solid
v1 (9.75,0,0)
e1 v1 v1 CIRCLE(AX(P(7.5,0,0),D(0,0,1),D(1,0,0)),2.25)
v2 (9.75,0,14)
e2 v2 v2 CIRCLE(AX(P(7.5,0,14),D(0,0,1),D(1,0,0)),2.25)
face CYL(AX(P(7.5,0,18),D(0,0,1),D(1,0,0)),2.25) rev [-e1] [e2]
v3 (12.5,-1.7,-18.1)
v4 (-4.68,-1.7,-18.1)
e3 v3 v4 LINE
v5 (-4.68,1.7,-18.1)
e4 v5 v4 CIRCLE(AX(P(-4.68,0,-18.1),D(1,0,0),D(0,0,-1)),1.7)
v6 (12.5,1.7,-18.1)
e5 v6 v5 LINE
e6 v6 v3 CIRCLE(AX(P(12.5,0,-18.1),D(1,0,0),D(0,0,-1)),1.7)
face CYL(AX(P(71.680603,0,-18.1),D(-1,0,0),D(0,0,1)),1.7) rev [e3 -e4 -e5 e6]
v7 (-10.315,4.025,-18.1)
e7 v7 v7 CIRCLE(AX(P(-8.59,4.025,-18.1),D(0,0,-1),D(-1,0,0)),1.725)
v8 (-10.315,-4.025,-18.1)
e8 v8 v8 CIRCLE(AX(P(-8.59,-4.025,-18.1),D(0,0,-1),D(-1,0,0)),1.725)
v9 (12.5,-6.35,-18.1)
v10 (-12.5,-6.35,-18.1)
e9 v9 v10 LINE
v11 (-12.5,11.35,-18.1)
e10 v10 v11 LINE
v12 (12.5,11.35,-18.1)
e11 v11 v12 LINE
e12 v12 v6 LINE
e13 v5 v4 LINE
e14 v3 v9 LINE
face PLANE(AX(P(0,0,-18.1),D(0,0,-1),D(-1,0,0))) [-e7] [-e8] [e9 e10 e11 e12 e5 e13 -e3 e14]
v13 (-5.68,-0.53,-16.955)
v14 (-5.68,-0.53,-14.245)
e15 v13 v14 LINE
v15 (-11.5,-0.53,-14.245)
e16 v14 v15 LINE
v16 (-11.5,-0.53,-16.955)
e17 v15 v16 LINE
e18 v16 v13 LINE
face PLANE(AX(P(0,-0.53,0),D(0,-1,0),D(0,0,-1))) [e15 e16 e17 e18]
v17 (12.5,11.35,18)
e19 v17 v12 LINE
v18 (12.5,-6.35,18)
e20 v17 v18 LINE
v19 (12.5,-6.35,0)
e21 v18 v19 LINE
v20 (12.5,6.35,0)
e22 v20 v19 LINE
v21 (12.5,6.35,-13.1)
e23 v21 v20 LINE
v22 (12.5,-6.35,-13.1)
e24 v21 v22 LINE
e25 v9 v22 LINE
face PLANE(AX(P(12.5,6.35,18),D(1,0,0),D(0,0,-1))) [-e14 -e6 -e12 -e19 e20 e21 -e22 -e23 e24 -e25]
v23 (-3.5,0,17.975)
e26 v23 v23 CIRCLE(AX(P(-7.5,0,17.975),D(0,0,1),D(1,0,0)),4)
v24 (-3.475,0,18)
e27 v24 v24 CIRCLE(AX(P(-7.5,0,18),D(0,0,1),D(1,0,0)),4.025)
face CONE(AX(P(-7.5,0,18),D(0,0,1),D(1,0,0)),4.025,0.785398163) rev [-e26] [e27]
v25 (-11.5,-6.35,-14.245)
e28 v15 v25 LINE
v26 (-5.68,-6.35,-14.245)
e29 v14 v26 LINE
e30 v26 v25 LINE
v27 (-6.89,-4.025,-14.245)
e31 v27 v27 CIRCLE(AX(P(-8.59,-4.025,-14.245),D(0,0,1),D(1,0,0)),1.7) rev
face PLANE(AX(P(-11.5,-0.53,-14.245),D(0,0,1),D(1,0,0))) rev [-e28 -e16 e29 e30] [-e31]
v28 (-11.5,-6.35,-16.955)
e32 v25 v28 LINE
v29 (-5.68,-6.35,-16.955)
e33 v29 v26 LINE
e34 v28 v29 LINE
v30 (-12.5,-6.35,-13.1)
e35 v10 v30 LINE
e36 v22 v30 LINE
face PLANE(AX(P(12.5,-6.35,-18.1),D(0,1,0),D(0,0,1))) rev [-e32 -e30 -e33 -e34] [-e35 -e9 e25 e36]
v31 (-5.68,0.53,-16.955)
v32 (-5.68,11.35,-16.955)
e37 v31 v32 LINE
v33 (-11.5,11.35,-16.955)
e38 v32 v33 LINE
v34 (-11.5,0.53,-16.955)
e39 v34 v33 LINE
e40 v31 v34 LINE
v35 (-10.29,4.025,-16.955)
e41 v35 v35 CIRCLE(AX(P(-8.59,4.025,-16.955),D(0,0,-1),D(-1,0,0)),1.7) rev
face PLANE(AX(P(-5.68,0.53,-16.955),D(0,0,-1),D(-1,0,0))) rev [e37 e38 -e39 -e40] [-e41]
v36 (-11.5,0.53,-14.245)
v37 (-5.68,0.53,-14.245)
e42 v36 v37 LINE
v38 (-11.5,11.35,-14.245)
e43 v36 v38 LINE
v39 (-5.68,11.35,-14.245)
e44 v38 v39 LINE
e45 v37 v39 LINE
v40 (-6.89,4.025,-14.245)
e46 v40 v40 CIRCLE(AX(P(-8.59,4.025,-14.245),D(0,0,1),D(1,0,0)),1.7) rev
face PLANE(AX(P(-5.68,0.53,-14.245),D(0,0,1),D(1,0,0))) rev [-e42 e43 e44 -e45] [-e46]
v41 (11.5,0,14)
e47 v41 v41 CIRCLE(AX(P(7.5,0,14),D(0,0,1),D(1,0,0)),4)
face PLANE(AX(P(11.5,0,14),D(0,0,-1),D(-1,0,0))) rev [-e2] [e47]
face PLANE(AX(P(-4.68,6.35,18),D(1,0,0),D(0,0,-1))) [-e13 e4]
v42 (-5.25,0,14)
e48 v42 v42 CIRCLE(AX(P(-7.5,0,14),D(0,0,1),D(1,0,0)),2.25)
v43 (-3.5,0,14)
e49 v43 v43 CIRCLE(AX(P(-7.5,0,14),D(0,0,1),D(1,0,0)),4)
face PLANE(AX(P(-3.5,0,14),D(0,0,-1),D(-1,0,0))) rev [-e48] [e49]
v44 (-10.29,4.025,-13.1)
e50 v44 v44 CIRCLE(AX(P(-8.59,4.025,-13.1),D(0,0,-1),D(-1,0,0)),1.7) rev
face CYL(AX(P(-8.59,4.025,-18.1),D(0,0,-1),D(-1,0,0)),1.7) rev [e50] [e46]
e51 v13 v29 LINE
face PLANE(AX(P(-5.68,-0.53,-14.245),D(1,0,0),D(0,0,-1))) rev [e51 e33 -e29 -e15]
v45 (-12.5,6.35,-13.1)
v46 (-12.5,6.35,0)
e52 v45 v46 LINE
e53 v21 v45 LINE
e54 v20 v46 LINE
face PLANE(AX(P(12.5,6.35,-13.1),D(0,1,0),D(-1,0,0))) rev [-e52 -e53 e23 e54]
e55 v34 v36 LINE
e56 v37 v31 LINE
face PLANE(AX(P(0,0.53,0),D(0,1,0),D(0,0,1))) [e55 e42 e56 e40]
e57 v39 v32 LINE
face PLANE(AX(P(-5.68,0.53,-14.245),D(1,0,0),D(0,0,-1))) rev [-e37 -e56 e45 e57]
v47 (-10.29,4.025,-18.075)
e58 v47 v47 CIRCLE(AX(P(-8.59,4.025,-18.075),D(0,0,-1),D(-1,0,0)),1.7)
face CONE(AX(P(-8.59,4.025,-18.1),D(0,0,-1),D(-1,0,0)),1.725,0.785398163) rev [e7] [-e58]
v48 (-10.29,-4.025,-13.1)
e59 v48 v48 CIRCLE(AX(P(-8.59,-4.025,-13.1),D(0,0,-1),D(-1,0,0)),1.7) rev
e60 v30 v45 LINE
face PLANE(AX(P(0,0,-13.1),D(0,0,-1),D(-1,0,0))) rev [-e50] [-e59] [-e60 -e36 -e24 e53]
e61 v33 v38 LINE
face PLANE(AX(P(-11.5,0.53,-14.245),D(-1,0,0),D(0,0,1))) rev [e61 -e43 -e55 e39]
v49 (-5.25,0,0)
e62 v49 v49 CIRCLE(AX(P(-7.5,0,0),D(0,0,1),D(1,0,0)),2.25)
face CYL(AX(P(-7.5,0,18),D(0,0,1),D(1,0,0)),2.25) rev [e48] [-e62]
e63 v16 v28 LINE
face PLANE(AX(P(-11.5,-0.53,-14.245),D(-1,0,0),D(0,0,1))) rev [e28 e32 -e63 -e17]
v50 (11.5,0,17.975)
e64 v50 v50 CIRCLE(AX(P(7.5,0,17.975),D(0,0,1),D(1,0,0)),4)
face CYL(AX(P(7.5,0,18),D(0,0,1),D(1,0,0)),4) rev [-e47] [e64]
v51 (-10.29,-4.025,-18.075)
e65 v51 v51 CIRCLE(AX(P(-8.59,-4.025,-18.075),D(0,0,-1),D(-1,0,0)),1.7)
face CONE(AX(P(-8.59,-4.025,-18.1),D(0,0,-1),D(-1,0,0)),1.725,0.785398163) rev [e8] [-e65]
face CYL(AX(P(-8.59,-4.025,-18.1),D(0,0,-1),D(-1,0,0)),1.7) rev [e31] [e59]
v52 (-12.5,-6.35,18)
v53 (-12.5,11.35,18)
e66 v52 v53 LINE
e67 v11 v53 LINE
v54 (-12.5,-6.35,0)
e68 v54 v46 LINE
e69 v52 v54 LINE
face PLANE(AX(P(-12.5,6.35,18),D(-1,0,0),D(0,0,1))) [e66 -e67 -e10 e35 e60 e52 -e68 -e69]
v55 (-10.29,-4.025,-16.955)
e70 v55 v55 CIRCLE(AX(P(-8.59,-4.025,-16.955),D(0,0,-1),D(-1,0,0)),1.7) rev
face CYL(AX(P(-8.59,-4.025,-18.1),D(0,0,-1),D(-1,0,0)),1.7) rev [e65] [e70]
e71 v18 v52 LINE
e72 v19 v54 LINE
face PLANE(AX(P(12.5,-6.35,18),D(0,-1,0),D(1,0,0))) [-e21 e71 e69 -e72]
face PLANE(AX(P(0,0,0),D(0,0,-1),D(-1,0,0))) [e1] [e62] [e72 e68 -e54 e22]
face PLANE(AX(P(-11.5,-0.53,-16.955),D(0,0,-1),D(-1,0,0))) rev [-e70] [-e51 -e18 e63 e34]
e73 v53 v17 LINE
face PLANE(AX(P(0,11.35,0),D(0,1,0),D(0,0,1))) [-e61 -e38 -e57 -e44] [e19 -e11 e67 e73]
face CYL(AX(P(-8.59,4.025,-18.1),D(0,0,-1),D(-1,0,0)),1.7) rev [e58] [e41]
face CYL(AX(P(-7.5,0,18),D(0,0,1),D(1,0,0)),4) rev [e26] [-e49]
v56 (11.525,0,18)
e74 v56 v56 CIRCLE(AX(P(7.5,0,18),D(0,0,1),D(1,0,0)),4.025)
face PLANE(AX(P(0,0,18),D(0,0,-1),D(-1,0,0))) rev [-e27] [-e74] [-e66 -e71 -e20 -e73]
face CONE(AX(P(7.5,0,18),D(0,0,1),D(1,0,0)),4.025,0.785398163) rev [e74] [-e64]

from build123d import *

# Parameters (mm, degrees)
SKETCH10_W                     = 25
SKETCH10_H                     = 12.7
BOSS_EXTRUDE3_DEPTH            = 18
CBORE_FOR_M4_SHCS1_AT_2_COUNT  = 2
CBORE_FOR_M4_SHCS1_AT_2_PITCH  = 15
SKETCH19_W                     = 25
SKETCH19_H                     = 18
BOSS_EXTRUDE6_DEPTH            = 5
SKETCH20_W                     = 25
SKETCH20_H                     = 5
BOSS_EXTRUDE7_DEPTH            = 13.1
SKETCH21_W                     = 25
SKETCH21_H                     = 17.7
BOSS_EXTRUDE8_DEPTH            = 5
CUT_EXTRUDE1_DEPTH             = 33.885141021
CUT_EXTRUDE1_DEPTH_BACK        = 17.18
M3_CLEARANCE_HOLE6_D           = 3.4
M3_CLEARANCE_HOLE6_DEPTH       = 5
M3_CLEARANCE_HOLE6_CSINK_D     = 3.45
M3_CLEARANCE_HOLE6_CSINK_ANGLE = 90
M3_CLEARANCE_HOLE6_TIP         = 1.021463052
SKETCH27_W                     = 5.82
SKETCH27_H                     = 2.71
CUT_EXTRUDE2_DEPTH             = 5.82
SKETCH28_W                     = 5.82
SKETCH28_H                     = 2.71
CUT_EXTRUDE3_DEPTH             = 10.82


with BuildPart() as part:
    # Sketch10 → Boss-Extrude3 (new body)
    with BuildSketch(Plane(origin=(0, 0, 0), x_dir=(-1, 0, 0), z_dir=(0, 0, -1))):
        Rectangle(SKETCH10_W, SKETCH10_H)
    extrude(amount=-BOSS_EXTRUDE3_DEPTH)

    # Sketch17 → CBORE for M4 SHCS1 (revolve, cut)
    with BuildSketch(Plane(origin=(7.5, 0, 18), x_dir=(0, -1, 0), z_dir=(1, 0, 0))):
        Polygon((0, 0), (0, 18), (2.25, 18), (2.25, 4), (4, 4), (4, 0.025), (4.025, 0), align=None)
    cbore_for_m4_shcs1 = revolve(axis=Axis((7.5, 0, 24.35), (0, 0, -1)), mode=Mode.SUBTRACT)

    # CBORE for M4 SHCS1 at 2: CBORE for M4 SHCS1 ×2
    with Locations(*[(-i * CBORE_FOR_M4_SHCS1_AT_2_PITCH, 0, 0) for i in range(1, CBORE_FOR_M4_SHCS1_AT_2_COUNT)]):
        add(cbore_for_m4_shcs1, mode=Mode.SUBTRACT)

    # Sketch19 → Boss-Extrude6 (add)
    with BuildSketch(Plane(origin=(0, 6.35, 0), x_dir=(1, 0, 0), z_dir=(0, 1, 0))):
        with Locations((0, -9)):
            Rectangle(SKETCH19_W, SKETCH19_H)
    extrude(amount=BOSS_EXTRUDE6_DEPTH)

    # Sketch20 → Boss-Extrude7 (add)
    with BuildSketch(Plane(origin=(0, 0, 0), x_dir=(-1, 0, 0), z_dir=(0, 0, -1))):
        with Locations((0, 8.85)):
            Rectangle(SKETCH20_W, SKETCH20_H)
    extrude(amount=BOSS_EXTRUDE7_DEPTH)

    # Sketch21 → Boss-Extrude8 (add)
    with BuildSketch(Plane(origin=(0, 0, -13.1), x_dir=(-1, 0, 0), z_dir=(0, 0, -1))):
        with Locations((0, 2.5)):
            Rectangle(SKETCH21_W, SKETCH21_H)
    extrude(amount=BOSS_EXTRUDE8_DEPTH)

    # Sketch22 → Cut-Extrude1 (cut, two sides: drawn at the far end of the back side and taken through both)
    with BuildSketch(Plane(origin=(12.5, 0, 0), x_dir=(0, 0, -1), z_dir=(1, 0, 0)).offset(-CUT_EXTRUDE1_DEPTH_BACK)):
        with BuildLine():
            Line((104.872716508, 1.7), (18.1, 1.7))
            ThreePointArc((18.1, 1.7), (16.4, 0), (18.1, -1.7))
            Line((18.1, -1.7), (104.872716508, -1.7))
            Line((104.872716508, -1.7), (278.418149524, -1.7))
            Line((278.418149524, -1.7), (278.418149524, 1.7))
            Line((278.418149524, 1.7), (104.872716508, 1.7))
        make_face()
    extrude(amount=CUT_EXTRUDE1_DEPTH + CUT_EXTRUDE1_DEPTH_BACK, mode=Mode.SUBTRACT)

    # M3 Clearance Hole6
    with Locations(Plane(origin=(0, 0, -18.1), x_dir=(-1, 0, 0), z_dir=(0, 0, -1))):
        with Locations((8.59, 4.025), (8.59, -4.025)):
            CounterSinkHole(M3_CLEARANCE_HOLE6_D / 2, M3_CLEARANCE_HOLE6_CSINK_D / 2, depth=M3_CLEARANCE_HOLE6_DEPTH, counter_sink_angle=M3_CLEARANCE_HOLE6_CSINK_ANGLE)
            with Locations((0, 0, -(M3_CLEARANCE_HOLE6_DEPTH + M3_CLEARANCE_HOLE6_TIP / 2))):  # 118° drill point
                Cone(0, M3_CLEARANCE_HOLE6_D / 2, M3_CLEARANCE_HOLE6_TIP, mode=Mode.SUBTRACT)

    # Sketch27 → Cut-Extrude2 (cut)
    with BuildSketch(Plane.XZ.offset(6.35)):
        with Locations((-8.59, -15.6)):
            Rectangle(SKETCH27_W, SKETCH27_H)
    extrude(amount=-CUT_EXTRUDE2_DEPTH, mode=Mode.SUBTRACT)

    # Sketch28 → Cut-Extrude3 (cut)
    with BuildSketch(Plane(origin=(0, 11.35, 11.35), x_dir=(-1, 0, 0), z_dir=(0, 1, 0))):
        with Locations((8.59, -26.95)):
            Rectangle(SKETCH28_W, SKETCH28_H)
    extrude(amount=-CUT_EXTRUDE3_DEPTH, mode=Mode.SUBTRACT)


solid = part.part
